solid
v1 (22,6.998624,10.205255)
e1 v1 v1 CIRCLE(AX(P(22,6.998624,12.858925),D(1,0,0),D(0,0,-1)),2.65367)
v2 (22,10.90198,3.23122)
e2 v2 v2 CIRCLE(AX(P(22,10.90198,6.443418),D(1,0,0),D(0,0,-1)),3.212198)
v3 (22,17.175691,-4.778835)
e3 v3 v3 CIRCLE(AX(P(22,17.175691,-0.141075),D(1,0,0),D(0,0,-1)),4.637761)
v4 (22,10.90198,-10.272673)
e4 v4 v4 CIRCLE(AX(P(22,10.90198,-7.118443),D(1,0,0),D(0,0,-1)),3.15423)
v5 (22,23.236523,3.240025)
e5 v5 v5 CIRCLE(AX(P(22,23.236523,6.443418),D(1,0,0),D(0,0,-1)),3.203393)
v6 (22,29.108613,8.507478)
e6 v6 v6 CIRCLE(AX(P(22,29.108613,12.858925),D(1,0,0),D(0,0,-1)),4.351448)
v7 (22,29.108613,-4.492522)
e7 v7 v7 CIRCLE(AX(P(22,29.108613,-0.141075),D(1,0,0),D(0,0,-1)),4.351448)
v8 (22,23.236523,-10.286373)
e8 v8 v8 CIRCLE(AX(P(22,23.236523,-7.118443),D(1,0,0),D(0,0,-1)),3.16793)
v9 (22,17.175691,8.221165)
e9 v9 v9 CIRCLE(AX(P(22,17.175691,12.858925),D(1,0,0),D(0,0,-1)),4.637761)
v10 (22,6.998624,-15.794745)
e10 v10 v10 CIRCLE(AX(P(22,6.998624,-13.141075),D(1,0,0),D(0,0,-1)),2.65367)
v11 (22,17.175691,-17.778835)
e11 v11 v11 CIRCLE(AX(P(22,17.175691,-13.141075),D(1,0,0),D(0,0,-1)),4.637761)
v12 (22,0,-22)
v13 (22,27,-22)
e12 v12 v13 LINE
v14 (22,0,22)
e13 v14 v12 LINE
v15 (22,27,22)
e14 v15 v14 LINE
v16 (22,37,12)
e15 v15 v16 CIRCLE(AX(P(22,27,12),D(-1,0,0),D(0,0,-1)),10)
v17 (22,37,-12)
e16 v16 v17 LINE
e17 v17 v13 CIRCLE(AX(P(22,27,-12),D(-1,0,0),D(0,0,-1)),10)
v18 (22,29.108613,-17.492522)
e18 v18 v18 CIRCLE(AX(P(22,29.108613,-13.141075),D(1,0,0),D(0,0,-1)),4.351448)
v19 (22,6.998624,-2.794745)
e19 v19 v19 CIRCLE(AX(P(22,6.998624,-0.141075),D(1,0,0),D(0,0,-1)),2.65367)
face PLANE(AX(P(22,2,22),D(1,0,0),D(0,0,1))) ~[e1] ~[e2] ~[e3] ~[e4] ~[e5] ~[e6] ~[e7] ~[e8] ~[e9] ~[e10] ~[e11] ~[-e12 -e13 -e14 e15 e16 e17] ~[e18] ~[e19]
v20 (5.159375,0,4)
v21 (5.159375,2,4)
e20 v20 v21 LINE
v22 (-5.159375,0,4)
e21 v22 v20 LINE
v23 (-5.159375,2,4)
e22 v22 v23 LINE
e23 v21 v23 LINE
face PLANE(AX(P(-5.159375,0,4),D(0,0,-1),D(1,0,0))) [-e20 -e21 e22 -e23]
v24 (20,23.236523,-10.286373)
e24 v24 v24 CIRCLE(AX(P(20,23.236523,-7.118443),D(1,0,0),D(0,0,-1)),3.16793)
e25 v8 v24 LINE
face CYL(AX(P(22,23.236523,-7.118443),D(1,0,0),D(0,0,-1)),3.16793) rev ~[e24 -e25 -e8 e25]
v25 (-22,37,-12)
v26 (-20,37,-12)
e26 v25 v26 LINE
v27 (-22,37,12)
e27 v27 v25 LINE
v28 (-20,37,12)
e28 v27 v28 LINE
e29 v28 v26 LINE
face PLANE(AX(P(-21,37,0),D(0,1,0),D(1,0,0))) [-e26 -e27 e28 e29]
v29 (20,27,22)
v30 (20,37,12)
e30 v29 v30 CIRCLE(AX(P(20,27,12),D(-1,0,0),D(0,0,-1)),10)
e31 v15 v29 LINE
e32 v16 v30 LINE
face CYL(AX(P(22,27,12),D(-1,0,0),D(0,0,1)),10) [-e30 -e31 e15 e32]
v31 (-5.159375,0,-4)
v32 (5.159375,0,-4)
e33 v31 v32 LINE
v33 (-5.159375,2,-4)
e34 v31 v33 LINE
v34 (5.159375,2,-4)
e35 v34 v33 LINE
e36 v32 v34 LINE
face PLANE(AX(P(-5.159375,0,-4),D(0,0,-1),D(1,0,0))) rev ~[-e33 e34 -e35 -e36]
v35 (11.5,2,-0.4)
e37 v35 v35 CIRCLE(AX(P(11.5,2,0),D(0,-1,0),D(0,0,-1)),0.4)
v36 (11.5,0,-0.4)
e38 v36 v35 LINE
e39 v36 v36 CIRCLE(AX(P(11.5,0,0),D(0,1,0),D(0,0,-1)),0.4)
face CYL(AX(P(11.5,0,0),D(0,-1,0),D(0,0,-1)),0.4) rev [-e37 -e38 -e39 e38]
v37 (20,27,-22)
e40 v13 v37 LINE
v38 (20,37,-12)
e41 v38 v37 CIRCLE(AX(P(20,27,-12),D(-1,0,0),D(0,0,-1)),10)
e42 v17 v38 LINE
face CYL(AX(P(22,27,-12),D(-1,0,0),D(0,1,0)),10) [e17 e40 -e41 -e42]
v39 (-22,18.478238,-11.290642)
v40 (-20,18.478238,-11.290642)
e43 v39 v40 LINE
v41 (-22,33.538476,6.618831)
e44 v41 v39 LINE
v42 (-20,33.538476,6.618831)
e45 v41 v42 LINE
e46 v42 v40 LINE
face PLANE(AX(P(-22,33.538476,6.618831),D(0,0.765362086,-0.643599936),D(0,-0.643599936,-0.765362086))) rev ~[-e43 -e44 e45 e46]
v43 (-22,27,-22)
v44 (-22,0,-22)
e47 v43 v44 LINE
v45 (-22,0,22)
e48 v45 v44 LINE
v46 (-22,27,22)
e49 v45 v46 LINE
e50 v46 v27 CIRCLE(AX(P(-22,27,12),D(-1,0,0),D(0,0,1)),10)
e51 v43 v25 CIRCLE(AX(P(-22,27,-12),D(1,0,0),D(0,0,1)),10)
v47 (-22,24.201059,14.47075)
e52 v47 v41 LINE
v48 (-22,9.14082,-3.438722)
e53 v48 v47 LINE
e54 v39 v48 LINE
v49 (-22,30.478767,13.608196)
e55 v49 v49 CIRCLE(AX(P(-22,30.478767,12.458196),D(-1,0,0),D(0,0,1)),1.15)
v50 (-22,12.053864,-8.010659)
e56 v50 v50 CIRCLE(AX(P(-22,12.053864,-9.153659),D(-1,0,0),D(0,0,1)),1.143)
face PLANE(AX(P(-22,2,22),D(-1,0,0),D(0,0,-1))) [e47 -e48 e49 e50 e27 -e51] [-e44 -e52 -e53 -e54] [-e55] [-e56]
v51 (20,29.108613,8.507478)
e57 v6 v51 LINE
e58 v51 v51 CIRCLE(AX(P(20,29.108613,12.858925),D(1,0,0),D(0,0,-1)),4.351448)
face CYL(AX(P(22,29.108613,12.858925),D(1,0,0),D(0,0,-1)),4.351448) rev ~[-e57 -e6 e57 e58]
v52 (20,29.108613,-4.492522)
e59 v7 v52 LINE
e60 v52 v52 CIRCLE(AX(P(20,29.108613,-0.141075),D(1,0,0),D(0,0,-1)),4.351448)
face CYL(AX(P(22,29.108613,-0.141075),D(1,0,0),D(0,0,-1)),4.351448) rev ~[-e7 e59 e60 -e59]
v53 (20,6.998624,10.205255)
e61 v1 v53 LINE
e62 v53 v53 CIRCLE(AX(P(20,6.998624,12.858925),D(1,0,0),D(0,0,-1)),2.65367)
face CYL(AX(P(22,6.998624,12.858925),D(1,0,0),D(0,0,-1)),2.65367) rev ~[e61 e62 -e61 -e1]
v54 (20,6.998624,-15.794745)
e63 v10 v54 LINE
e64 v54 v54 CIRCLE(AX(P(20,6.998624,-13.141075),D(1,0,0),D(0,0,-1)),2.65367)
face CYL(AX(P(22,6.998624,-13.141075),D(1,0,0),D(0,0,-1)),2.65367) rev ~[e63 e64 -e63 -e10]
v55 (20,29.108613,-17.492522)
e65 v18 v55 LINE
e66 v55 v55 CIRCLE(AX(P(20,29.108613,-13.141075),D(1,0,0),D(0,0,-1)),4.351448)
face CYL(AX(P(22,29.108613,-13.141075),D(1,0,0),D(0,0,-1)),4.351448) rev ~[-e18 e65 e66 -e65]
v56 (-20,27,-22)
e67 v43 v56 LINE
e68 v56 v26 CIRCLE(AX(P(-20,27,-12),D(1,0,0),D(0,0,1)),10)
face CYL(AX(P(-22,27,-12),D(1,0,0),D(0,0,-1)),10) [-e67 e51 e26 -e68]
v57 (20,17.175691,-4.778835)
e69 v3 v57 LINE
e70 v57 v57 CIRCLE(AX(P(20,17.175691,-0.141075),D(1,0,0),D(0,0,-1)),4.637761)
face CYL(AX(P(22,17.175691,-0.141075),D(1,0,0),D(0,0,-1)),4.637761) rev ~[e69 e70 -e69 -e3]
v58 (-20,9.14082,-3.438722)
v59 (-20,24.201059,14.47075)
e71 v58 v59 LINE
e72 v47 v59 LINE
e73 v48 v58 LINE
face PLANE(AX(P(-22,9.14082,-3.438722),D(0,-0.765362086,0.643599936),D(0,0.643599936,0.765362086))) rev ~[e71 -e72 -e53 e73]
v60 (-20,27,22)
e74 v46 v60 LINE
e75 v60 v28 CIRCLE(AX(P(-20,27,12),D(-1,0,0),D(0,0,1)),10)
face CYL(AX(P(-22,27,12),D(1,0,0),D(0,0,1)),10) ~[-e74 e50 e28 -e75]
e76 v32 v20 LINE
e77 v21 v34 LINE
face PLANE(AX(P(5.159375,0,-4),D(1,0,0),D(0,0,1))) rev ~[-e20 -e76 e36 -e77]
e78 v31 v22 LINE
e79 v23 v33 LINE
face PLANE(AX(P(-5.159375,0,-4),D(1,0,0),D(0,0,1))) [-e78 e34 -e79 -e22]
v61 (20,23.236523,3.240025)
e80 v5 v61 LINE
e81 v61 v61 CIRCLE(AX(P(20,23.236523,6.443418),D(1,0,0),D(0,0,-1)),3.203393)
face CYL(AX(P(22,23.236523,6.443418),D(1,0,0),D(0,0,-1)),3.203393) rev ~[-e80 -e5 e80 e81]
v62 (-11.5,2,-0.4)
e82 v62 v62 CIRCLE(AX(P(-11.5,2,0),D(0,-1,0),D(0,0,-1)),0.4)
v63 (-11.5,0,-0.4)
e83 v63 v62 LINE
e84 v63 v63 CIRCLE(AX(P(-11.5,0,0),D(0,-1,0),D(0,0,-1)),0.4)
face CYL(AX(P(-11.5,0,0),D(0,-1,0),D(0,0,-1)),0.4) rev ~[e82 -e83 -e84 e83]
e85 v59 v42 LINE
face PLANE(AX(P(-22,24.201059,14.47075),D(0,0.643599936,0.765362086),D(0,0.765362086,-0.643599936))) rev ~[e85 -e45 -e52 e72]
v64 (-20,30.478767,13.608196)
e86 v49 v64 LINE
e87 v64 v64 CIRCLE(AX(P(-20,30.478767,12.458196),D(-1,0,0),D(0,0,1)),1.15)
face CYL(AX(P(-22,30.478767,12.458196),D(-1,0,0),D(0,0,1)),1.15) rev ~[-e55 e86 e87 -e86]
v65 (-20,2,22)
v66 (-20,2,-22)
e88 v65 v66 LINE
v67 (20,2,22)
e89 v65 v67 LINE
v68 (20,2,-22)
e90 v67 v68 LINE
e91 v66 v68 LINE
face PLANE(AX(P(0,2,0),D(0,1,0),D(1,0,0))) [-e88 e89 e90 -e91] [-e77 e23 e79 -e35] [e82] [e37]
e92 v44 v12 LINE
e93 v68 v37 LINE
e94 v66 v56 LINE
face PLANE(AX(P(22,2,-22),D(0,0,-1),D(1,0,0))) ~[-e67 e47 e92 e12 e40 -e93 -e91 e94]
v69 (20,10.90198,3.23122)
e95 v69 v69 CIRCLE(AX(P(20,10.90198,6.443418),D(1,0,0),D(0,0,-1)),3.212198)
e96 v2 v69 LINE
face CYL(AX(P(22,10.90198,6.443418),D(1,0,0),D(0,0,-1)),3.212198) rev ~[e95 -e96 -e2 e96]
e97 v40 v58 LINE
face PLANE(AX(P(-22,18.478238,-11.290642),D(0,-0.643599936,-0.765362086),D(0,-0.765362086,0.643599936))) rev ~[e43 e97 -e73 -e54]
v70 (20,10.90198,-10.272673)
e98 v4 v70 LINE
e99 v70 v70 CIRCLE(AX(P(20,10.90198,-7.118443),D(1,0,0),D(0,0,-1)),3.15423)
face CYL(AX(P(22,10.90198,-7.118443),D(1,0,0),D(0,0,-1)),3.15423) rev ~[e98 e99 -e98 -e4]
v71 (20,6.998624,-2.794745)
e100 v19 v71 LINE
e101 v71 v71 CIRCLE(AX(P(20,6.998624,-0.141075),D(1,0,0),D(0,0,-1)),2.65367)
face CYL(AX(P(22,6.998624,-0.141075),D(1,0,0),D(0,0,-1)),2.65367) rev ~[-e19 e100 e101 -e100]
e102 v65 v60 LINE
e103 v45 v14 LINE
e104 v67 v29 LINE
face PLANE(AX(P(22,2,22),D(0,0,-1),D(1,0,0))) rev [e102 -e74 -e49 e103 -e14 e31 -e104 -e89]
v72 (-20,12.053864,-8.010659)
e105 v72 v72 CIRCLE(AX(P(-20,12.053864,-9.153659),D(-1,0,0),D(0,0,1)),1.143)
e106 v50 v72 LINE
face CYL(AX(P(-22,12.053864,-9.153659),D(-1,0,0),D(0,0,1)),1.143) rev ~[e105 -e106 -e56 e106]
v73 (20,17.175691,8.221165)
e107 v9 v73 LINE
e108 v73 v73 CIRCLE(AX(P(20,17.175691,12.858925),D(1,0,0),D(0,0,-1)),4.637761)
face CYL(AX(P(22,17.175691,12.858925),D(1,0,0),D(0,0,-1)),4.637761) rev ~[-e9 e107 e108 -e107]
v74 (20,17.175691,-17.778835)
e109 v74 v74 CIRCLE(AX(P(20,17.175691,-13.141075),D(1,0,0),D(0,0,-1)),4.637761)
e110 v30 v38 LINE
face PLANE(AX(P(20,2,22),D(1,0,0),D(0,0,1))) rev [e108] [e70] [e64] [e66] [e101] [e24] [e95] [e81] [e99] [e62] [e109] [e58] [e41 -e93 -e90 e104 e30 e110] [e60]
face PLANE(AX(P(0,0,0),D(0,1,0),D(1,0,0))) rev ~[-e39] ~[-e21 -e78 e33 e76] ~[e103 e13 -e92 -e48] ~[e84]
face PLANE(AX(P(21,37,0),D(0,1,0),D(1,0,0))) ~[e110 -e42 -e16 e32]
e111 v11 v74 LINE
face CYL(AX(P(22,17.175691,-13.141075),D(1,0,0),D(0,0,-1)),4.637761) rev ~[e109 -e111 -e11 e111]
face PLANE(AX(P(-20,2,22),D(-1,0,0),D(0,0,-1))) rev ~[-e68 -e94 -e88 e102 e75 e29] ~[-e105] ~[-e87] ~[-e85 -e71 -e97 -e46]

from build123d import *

# Parameters (mm, degrees)
SKETCH2_W           = 44
SKETCH2_H           = 44
BOSS_EXTRUDE1_DEPTH = 2
SKETCH4_W           = 10.31875
SKETCH4_H           = 8
CUT_EXTRUDE1_DEPTH  = 32.176914536
SKETCH5_R           = 0.4
CUT_EXTRUDE2_DEPTH  = 3
SKETCH8_W           = 2
SKETCH8_H           = 44
BOSS_EXTRUDE2_DEPTH = 35
SKETCH11_R          = 1.143
SKETCH11_R_2        = 1.15
CUT_EXTRUDE3_DEPTH  = 10
FILLET1_R           = 10
SKETCH14_R          = 4.351447522
SKETCH14_R_2        = 4.637760651
SKETCH14_R_3        = 2.653670008
CUT_EXTRUDE5_DEPTH  = 10
LPATTERN1_COUNT     = 3
LPATTERN1_PITCH     = 13
SKETCH16_R          = 3.212197925
SKETCH16_R_2        = 3.154230468
SKETCH16_R_3        = 3.167930334
SKETCH16_R_4        = 3.203393346
CUT_EXTRUDE6_DEPTH  = 10


with BuildPart() as part:
    # Sketch2 → Boss-Extrude1 (new body)
    with BuildSketch(Plane(origin=(0, 0, 0), x_dir=(1, 0, 0), z_dir=(0, 1, 0))):
        Rectangle(SKETCH2_W, SKETCH2_H)
    extrude(amount=BOSS_EXTRUDE1_DEPTH)

    # Sketch4 → Cut-Extrude1 (cut, through all)
    with BuildSketch(Plane.XZ):
        Rectangle(SKETCH4_W, SKETCH4_H)
    extrude(amount=-CUT_EXTRUDE1_DEPTH, mode=Mode.SUBTRACT)

    # Sketch5 → Cut-Extrude2 (cut)
    with BuildSketch(Plane.XZ):
        with Locations(Location((-11.5, 0, 0), (0, 0, 270))):
            Circle(SKETCH5_R)
    cut_extrude2 = extrude(amount=-CUT_EXTRUDE2_DEPTH, mode=Mode.SUBTRACT)

    # Mirror1: Cut-Extrude2 across plane
    add(cut_extrude2.mirror(Plane(origin=(0, 0, 0), x_dir=(0, 0, 1), z_dir=(1, 0, 0))), mode=Mode.SUBTRACT)

    # Sketch8 → Boss-Extrude2 (add)
    with BuildSketch(Plane(origin=(0, 2, 0), x_dir=(1, 0, 0), z_dir=(0, 1, 0))):
        with Locations((-21, 0)):
            Rectangle(SKETCH8_W, SKETCH8_H)
    boss_extrude2 = extrude(amount=BOSS_EXTRUDE2_DEPTH)

    # Mirror2: Boss-Extrude2 across plane
    add(boss_extrude2.mirror(Plane(origin=(0, 0, 0), x_dir=(0, 0, 1), z_dir=(1, 0, 0))))

    # Sketch11 → Cut-Extrude3 (cut)
    with BuildSketch(Plane.ZY.offset(22)):
        with Locations((-9.153659498, 12.053864297)):
            Circle(SKETCH11_R)
        with Locations((12.458196086, 30.478767136)):
            Circle(SKETCH11_R_2)
        Polygon((-11.290641548, 18.478237521), (-3.43872233, 9.140820073), (14.47075048, 24.201058573), (6.618831262, 33.538476021), align=None)
    extrude(amount=-CUT_EXTRUDE3_DEPTH, mode=Mode.SUBTRACT)

    # Fillet1
    fillet1_edges = [part.edges().sort_by_distance(p)[0] for p in [
        (-21, 37, 22),
        (-21, 37, -22),
        (21, 37, -22),
        (21, 37, 22),
    ]]
    fillet(fillet1_edges, radius=FILLET1_R)

    # Sketch14 → Cut-Extrude5 (cut)
    with BuildSketch(Plane(origin=(22, 0, 0), x_dir=(0, 0, -1), z_dir=(1, 0, 0))):
        with Locations((-12.858925156, 29.108613253)):
            Circle(SKETCH14_R)
        with Locations((-12.858925156, 17.175691446)):
            Circle(SKETCH14_R_2)
        with Locations((-12.858925156, 6.998624266)):
            Circle(SKETCH14_R_3)
    cut_extrude5 = extrude(amount=-CUT_EXTRUDE5_DEPTH, mode=Mode.SUBTRACT)

    # LPattern1: Cut-Extrude5 ×3
    with Locations(*[(0, 0, -i * LPATTERN1_PITCH) for i in range(1, LPATTERN1_COUNT)]):
        add(cut_extrude5, mode=Mode.SUBTRACT)

    # Sketch16 → Cut-Extrude6 (cut)
    with BuildSketch(Plane(origin=(22, 0, 0), x_dir=(0, 0, -1), z_dir=(1, 0, 0))):
        with Locations((-6.443418132, 10.901979994)):
            Circle(SKETCH16_R)
        with Locations((7.118442889, 10.901979994)):
            Circle(SKETCH16_R_2)
        with Locations((7.118442889, 23.236523275)):
            Circle(SKETCH16_R_3)
        with Locations((-6.443418132, 23.236523275)):
            Circle(SKETCH16_R_4)
    extrude(amount=-CUT_EXTRUDE6_DEPTH, mode=Mode.SUBTRACT)


solid = part.part
